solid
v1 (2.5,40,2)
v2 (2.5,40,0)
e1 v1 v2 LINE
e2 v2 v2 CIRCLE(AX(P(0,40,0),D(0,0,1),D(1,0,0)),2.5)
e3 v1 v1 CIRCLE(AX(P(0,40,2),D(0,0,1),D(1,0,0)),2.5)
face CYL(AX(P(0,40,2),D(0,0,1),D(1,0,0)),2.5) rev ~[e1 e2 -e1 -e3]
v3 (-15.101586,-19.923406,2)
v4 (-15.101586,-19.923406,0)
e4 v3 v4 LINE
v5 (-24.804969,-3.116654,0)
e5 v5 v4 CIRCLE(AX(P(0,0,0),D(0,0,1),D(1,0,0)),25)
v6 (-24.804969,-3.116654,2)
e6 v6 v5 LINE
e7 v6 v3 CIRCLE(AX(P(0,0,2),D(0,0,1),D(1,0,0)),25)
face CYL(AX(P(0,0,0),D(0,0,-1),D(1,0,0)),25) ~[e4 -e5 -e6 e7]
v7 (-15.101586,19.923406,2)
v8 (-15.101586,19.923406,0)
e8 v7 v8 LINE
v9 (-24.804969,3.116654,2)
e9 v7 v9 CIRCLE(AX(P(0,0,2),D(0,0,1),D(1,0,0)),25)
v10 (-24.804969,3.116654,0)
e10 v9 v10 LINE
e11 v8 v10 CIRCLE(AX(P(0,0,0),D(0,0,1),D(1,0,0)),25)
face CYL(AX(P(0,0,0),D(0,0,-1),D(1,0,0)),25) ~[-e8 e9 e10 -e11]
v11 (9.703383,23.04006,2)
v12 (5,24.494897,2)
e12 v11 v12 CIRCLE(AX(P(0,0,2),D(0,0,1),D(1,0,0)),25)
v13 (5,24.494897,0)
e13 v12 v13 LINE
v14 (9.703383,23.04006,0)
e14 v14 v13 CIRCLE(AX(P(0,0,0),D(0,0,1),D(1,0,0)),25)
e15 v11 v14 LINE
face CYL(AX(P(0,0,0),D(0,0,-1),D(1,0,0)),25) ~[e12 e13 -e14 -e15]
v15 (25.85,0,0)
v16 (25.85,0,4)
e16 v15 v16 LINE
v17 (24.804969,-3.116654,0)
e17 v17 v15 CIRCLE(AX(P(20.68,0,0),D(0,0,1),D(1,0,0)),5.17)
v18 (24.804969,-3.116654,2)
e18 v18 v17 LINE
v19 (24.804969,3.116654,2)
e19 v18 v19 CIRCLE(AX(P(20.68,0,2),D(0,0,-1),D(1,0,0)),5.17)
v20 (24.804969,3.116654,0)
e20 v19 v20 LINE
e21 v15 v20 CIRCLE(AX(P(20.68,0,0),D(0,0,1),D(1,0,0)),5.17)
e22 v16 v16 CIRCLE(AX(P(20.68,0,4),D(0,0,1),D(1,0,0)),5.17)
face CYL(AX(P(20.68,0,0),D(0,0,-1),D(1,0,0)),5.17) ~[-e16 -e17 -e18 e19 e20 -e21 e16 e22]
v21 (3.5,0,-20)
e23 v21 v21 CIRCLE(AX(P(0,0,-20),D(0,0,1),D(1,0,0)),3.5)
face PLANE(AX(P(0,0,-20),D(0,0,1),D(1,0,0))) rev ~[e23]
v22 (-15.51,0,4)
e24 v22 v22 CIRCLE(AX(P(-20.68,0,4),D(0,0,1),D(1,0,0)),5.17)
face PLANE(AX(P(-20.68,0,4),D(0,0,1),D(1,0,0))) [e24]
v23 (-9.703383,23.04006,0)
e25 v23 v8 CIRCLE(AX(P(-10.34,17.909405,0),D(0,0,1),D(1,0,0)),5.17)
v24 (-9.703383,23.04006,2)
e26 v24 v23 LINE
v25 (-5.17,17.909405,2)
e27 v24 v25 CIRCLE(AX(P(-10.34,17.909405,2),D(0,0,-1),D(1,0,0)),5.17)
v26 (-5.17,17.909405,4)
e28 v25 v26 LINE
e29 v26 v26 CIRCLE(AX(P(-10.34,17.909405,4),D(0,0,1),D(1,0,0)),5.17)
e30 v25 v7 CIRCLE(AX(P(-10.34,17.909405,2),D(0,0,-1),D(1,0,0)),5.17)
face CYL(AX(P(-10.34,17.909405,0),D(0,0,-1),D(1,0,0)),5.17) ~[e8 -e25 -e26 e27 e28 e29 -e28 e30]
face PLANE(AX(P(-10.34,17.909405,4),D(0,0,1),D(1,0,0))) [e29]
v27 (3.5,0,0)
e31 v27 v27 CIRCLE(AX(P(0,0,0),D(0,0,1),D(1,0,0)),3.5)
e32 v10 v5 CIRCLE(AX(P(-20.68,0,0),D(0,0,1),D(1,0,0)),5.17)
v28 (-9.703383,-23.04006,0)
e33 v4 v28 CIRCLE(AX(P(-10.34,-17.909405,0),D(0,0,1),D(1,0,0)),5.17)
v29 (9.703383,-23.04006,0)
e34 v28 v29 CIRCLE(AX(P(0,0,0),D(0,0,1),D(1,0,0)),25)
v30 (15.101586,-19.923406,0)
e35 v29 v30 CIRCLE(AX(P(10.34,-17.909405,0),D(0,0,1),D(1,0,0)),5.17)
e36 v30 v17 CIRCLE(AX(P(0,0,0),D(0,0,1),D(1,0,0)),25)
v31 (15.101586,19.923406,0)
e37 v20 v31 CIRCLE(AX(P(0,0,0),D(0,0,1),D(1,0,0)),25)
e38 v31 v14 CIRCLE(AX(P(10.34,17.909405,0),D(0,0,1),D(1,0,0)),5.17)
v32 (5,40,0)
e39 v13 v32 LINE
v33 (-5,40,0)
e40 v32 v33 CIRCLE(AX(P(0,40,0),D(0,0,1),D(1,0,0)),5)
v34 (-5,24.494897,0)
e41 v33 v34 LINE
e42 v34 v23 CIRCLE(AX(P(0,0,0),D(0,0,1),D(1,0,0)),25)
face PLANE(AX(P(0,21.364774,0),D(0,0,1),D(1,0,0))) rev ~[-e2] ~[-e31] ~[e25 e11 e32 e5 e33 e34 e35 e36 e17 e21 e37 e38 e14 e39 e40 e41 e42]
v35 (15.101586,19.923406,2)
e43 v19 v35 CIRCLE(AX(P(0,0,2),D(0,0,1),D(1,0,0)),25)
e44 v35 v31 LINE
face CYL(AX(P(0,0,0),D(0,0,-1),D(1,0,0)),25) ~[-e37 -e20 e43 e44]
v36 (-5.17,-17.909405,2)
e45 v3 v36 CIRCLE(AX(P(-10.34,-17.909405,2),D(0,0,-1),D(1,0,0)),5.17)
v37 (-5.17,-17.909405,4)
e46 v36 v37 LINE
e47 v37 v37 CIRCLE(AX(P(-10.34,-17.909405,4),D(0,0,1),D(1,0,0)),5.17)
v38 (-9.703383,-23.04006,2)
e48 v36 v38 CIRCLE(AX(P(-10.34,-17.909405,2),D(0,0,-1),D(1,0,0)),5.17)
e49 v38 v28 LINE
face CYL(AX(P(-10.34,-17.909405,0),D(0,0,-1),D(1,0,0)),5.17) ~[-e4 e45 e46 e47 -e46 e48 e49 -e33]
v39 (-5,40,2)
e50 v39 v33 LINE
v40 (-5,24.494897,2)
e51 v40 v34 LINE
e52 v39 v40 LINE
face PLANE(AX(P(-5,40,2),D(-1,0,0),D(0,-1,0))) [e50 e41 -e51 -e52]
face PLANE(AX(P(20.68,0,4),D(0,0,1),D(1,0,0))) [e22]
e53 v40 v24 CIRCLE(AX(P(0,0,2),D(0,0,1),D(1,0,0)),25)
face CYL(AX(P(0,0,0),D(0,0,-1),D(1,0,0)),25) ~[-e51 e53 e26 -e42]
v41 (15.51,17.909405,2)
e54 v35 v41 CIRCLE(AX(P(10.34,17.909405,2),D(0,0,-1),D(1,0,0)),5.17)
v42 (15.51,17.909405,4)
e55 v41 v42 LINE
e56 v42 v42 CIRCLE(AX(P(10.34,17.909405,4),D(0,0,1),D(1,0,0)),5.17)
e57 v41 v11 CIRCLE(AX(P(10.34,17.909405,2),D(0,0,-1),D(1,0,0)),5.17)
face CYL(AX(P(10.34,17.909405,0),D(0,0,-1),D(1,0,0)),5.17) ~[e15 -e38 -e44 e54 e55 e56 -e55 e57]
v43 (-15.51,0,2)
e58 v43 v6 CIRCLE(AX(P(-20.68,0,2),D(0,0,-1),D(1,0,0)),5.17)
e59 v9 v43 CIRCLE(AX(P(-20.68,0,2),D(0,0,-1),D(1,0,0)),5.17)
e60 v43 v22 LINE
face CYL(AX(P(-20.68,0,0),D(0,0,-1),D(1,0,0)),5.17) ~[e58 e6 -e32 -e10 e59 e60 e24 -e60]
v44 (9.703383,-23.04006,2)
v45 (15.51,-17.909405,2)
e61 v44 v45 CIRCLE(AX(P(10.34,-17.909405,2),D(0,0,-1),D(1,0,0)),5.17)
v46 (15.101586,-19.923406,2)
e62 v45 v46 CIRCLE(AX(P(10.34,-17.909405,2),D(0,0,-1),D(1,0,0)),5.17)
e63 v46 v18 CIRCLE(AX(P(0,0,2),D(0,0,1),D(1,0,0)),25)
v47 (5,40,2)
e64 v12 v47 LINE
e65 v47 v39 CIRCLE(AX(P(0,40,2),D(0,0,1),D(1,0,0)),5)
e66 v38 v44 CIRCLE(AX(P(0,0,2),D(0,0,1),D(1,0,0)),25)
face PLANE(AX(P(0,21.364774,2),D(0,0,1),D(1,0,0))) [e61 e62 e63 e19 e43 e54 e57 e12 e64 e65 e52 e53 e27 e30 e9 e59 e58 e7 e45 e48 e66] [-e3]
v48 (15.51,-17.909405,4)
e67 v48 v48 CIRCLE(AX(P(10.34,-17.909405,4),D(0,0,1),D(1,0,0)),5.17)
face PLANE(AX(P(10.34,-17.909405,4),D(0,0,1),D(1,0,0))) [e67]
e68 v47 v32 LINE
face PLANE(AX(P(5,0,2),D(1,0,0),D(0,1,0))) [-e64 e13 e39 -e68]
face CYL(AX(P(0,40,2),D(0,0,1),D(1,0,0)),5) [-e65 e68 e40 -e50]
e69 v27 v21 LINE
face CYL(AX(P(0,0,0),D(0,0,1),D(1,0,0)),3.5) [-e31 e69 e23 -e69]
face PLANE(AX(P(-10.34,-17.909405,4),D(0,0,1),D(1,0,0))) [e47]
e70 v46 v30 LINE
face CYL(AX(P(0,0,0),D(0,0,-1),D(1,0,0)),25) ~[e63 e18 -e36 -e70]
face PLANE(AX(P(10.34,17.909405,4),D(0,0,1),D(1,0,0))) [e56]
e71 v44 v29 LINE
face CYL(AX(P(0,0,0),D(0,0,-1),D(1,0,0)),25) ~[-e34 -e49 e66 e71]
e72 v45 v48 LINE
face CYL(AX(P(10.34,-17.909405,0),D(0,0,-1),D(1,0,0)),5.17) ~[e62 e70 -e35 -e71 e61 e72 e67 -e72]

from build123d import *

# Parameters (mm, degrees)
F0_R     = 3.5
F1_DEPTH = 20
F2_R     = 25
F3_DEPTH = 2
F4_R     = 5.17
F5_DEPTH = 4
F6_R     = 2.5
F7_DEPTH = 2


with BuildPart() as f1:
    # F0 (on Top) → F1 (new body)
    with BuildSketch(Plane.XY):
        Circle(F0_R)
    extrude(amount=-F1_DEPTH)

    # F2 (on Top) → F3 (join)
    with BuildSketch(Plane.XY):
        Circle(F2_R)
    extrude(amount=F3_DEPTH)

    # F4 (on Top) → F5 (join)
    with BuildSketch(Plane.XY):
        with Locations((-20.68, 0)):
            Circle(F4_R)
        with Locations((-10.34, -17.909405)):
            Circle(F4_R)
        with Locations((10.34, -17.909405)):
            Circle(F4_R)
        with Locations((20.68, 0)):
            Circle(F4_R)
        with Locations((10.34, 17.909405)):
            Circle(F4_R)
        with Locations((-10.34, 17.909405)):
            Circle(F4_R)
    extrude(amount=F5_DEPTH)

    # F6 (on face) → F7 (join)
    with BuildSketch(Plane.XY.offset(2)):
        with BuildLine():
            Line((-5, 40), (-5, 0))
            Line((-5, 0), (5, 0))
            Line((5, 0), (5, 40))
            ThreePointArc((5, 40), (0, 45), (-5, 40))
        make_face()
        with Locations((0, 40)):
            Circle(F6_R, mode=Mode.SUBTRACT)
    extrude(amount=-F7_DEPTH)


solid = f1.part
